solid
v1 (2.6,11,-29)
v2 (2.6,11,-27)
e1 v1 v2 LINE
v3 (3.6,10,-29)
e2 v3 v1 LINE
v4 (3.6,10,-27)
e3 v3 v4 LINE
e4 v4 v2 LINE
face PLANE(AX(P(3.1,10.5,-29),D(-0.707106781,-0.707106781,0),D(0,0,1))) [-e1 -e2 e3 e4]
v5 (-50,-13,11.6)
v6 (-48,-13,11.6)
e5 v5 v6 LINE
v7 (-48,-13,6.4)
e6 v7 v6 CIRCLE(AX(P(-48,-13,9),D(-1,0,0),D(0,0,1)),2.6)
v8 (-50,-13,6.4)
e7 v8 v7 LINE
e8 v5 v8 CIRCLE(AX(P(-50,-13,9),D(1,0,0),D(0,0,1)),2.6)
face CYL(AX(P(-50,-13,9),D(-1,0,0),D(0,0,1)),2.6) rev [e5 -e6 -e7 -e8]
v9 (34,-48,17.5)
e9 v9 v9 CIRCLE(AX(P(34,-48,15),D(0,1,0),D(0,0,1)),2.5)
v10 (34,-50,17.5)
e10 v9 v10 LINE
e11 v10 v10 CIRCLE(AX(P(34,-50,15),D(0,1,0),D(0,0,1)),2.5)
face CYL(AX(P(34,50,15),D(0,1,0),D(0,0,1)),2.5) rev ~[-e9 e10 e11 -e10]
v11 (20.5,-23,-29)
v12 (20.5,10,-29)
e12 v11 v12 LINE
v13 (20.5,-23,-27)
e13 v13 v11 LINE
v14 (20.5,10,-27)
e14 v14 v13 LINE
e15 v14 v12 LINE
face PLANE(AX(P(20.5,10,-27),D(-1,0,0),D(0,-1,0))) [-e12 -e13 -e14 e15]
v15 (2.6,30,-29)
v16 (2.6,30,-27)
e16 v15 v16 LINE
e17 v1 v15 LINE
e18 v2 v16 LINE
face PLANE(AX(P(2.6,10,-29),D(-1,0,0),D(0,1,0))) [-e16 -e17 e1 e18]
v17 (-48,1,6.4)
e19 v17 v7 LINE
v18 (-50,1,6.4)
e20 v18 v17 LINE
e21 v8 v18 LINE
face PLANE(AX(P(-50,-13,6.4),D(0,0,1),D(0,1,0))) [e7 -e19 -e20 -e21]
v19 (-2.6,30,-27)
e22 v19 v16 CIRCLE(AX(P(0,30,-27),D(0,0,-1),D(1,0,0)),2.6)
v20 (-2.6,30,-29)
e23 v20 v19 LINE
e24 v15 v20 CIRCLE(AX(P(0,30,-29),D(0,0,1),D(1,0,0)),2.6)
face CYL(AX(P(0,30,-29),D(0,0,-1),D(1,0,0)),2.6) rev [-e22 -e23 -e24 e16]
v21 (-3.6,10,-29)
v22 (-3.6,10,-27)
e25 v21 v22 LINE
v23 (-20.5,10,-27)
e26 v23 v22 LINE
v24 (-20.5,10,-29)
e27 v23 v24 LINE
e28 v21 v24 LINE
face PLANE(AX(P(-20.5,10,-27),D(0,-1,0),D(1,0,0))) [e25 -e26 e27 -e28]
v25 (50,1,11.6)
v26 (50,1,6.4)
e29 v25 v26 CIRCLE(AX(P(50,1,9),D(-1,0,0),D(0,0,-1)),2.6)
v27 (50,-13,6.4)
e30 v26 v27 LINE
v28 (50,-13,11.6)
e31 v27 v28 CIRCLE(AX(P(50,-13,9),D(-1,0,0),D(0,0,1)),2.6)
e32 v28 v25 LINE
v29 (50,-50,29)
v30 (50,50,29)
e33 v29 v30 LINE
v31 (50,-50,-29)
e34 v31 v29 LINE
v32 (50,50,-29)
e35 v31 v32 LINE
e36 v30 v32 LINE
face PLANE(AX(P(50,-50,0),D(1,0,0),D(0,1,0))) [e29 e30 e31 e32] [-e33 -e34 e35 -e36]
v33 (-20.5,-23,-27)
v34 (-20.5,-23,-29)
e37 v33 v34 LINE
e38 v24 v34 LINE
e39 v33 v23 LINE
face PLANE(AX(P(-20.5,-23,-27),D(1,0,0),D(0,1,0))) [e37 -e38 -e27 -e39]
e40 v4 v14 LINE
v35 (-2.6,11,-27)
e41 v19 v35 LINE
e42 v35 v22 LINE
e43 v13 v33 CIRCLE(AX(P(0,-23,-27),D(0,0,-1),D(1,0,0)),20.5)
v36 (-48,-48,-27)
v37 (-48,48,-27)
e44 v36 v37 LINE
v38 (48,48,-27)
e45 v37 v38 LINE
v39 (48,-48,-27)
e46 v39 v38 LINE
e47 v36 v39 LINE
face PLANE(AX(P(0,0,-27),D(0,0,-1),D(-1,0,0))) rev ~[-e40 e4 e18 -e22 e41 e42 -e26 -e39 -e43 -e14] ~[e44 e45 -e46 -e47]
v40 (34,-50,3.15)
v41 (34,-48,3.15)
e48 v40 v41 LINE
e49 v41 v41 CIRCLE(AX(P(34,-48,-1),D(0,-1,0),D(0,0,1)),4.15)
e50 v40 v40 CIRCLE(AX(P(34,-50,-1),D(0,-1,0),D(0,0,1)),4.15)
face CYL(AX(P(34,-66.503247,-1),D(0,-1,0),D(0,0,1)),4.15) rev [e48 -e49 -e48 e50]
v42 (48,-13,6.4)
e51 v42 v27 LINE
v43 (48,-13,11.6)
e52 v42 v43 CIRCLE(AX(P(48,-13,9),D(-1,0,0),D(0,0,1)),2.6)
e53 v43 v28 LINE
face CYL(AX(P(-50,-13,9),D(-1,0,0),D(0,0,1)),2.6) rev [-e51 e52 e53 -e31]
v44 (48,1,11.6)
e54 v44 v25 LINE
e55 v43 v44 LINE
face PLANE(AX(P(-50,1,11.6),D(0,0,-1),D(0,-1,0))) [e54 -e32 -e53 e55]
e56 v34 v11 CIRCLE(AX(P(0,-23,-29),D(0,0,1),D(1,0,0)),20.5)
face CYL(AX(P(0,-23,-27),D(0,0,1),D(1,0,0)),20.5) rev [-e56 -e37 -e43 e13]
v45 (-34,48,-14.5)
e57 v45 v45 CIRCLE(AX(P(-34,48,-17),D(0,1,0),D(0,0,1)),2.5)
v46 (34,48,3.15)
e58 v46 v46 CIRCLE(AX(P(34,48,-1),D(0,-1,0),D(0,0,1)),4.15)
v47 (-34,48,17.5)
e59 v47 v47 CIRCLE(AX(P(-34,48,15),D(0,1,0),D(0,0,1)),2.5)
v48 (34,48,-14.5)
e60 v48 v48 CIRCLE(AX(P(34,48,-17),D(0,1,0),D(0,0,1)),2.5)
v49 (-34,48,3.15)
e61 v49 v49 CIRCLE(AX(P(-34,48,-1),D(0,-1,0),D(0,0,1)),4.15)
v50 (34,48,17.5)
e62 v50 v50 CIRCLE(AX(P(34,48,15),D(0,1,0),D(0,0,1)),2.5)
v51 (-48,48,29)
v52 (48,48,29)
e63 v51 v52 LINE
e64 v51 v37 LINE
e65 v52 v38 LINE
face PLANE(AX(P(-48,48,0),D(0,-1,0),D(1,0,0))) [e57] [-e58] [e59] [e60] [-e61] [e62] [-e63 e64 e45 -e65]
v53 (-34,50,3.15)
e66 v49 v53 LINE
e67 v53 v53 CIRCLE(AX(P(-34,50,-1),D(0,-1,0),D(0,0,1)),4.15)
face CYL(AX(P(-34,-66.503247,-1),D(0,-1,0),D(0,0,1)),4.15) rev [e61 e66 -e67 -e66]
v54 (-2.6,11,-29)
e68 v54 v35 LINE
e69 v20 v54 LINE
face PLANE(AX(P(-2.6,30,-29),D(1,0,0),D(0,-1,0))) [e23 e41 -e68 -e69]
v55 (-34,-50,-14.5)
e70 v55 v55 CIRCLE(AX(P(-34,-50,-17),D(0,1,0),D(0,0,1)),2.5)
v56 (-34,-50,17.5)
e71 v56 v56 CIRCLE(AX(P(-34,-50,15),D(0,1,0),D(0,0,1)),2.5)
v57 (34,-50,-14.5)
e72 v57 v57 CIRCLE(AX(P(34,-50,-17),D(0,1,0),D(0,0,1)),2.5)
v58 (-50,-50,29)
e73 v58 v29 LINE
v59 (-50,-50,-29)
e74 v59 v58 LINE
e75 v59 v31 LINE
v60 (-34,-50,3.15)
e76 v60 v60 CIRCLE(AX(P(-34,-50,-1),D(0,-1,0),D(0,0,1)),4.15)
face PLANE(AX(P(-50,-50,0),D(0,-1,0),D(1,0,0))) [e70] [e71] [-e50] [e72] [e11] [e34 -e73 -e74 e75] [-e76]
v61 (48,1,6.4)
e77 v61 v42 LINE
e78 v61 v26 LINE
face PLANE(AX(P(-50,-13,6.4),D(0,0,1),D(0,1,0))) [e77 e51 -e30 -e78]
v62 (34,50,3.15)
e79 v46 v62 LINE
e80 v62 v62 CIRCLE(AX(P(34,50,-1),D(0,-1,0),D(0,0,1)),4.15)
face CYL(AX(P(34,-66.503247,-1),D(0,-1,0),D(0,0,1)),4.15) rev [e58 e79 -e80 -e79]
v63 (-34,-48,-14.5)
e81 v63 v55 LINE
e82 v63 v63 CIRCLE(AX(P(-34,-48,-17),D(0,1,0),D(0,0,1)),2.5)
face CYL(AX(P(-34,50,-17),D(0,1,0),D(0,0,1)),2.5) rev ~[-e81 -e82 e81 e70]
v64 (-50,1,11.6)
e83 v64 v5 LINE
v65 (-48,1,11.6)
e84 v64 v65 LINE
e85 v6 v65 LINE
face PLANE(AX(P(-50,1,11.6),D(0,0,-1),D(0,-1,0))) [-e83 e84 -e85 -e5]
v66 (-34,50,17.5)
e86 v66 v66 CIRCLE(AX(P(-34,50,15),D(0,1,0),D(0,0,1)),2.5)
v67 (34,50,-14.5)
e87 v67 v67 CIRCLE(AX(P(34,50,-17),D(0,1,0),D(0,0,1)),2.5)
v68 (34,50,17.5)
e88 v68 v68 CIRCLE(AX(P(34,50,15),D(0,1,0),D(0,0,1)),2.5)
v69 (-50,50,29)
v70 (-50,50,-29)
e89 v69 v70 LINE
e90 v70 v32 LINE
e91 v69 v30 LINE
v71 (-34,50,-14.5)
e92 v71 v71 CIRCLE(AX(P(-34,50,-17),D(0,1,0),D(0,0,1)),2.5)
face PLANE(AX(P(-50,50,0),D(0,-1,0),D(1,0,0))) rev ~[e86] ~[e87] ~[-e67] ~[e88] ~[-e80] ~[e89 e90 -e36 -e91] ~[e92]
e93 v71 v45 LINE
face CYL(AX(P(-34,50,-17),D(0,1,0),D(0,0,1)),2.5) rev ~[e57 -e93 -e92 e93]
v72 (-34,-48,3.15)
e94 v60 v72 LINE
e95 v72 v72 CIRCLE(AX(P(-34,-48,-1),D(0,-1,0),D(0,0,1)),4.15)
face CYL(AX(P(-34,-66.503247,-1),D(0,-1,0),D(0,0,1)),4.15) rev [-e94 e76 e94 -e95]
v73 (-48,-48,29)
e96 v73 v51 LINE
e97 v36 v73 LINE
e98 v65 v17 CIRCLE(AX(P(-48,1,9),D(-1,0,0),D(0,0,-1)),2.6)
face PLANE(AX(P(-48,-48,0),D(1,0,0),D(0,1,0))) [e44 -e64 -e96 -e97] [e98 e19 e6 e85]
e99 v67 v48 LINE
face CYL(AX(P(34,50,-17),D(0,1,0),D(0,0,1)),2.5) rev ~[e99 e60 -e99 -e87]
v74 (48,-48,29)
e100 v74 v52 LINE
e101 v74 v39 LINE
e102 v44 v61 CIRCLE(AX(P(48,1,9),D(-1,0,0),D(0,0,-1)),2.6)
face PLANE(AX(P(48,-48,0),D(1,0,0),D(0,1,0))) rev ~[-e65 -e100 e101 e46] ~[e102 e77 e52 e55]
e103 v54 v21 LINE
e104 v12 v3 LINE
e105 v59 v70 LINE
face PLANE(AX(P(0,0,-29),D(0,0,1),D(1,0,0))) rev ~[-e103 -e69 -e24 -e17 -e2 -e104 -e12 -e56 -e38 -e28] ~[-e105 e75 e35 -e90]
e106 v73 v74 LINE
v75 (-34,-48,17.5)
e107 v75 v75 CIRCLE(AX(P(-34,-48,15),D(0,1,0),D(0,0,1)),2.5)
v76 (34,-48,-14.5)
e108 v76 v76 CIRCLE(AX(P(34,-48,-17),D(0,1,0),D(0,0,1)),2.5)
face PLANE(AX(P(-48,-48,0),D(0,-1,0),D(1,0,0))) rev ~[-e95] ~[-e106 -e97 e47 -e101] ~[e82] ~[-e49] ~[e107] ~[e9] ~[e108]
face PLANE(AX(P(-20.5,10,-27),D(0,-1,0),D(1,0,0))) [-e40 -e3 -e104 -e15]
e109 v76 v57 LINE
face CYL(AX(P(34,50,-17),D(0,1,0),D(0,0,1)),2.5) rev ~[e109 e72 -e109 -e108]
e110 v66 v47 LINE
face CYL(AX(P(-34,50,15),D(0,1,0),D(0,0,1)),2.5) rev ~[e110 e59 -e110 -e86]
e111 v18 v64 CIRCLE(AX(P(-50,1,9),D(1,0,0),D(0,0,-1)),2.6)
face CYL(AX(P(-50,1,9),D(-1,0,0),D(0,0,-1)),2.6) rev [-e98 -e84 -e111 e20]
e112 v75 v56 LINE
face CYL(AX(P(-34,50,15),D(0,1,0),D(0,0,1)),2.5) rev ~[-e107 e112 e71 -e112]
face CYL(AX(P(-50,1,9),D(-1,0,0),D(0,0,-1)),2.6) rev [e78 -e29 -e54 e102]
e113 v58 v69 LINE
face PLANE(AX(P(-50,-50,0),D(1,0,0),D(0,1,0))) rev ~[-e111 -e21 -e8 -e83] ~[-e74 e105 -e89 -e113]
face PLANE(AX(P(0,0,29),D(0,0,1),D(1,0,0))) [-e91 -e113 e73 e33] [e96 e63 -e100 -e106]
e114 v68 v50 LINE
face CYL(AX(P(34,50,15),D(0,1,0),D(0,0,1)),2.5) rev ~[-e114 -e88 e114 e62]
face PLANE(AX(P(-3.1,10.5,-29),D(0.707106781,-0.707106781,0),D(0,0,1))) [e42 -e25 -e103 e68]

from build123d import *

# Parameters (mm, degrees)
SKETCH1_W               = 100
SKETCH1_H               = 100
SKETCH1_W_2             = 96
SKETCH1_H_2             = 96
EXTRUDE_THIN1_DEPTH     = 29
SKETCH2_W               = 100
SKETCH2_H               = 100
BOSS_EXTRUDE1_DEPTH     = 2
CUT_EXTRUDE1_REACH      = 92.2
CUT_EXTRUDE2_DEPTH      = 160
CUT_EXTRUDE3_DEPTH      = 160
CHAMFER1_SIZE           = 1
CUT_EXTRUDE4_DEPTH      = 116.503246708
CUT_EXTRUDE4_DEPTH_BACK = 116.503246708
SKETCH7_R               = 4.15
SKETCH8_R               = 2.5
CUT_EXTRUDE5_DEPTH      = 177


with BuildPart() as part:
    # Sketch1 → Extrude-Thin1 (new, symmetric)
    with BuildSketch(Plane.XY):
        Rectangle(SKETCH1_W, SKETCH1_H)
        Rectangle(SKETCH1_W_2, SKETCH1_H_2, mode=Mode.SUBTRACT)
    extrude(amount=EXTRUDE_THIN1_DEPTH, both=True)

    # Sketch2 → Boss-Extrude1 (add)
    with BuildSketch(Plane(origin=(0, 0, -29), x_dir=(-1, 0, 0), z_dir=(0, 0, -1))):
        Rectangle(SKETCH2_W, SKETCH2_H)
    extrude(amount=-BOSS_EXTRUDE1_DEPTH)

    # Sketch3 → Cut-Extrude1 (cut, up to next)
    with BuildSketch(Plane.XY.offset(-27), mode=Mode.PRIVATE) as cut_extrude1_sk1:
        with BuildLine():
            Line((-20.5, -23), (-20.5, 10))
            Line((-20.5, 10), (20.5, 10))
            Line((20.5, 10), (20.5, -23))
            ThreePointArc((20.5, -23), (0, -43.5), (-20.5, -23))
        make_face()
    cut_extrude1_tool1 = extrude(cut_extrude1_sk1.sketch, amount=-CUT_EXTRUDE1_REACH, mode=Mode.PRIVATE) & part.part
    add(cut_extrude1_tool1.solids().sort_by_distance((0, -14.763519, -27))[0], mode=Mode.SUBTRACT)

    # Sketch4 → Cut-Extrude2 (cut)
    with BuildSketch(Plane.ZY.offset(50)):
        with BuildLine():
            Line((11.6, 1), (11.6, -13))
            ThreePointArc((11.6, -13), (9, -15.6), (6.4, -13))
            Line((6.4, -13), (6.4, 1))
            ThreePointArc((6.4, 1), (9, 3.6), (11.6, 1))
        make_face()
    extrude(amount=-CUT_EXTRUDE2_DEPTH, mode=Mode.SUBTRACT)

    # Sketch6 → Cut-Extrude3 (cut)
    with BuildSketch(Plane(origin=(0, 0, -29), x_dir=(-1, 0, 0), z_dir=(0, 0, -1))):
        with BuildLine():
            Line((-2.6, 10), (-2.6, 30))
            ThreePointArc((-2.6, 30), (0, 32.6), (2.6, 30))
            Line((2.6, 30), (2.6, 10))
            ThreePointArc((2.6, 10), (0, 7.4), (-2.6, 10))
        make_face()
    extrude(amount=-CUT_EXTRUDE3_DEPTH, mode=Mode.SUBTRACT)

    # Chamfer1
    chamfer1_edges = [part.edges().sort_by_distance(p)[0] for p in [
        (-2.6, 10, -28),
        (2.6, 10, -28),
    ]]
    chamfer(chamfer1_edges, length=CHAMFER1_SIZE)

    # Sketch7 → Cut-Extrude4 (cut, two sides: drawn at the far end of the back side and taken through both)
    with BuildSketch(Plane(origin=(0, 50, 0), x_dir=(1, 0, 0), z_dir=(0, 1, 0)).offset(-CUT_EXTRUDE4_DEPTH_BACK)):
        with Locations(Location((-34, 1, 0), (0, 0, 270))):
            Circle(SKETCH7_R)
        with Locations(Location((34, 1, 0), (0, 0, 270))):
            Circle(SKETCH7_R)
    extrude(amount=CUT_EXTRUDE4_DEPTH + CUT_EXTRUDE4_DEPTH_BACK, mode=Mode.SUBTRACT)

    # Sketch8 → Cut-Extrude5 (cut)
    with BuildSketch(Plane(origin=(0, 50, 0), x_dir=(1, 0, 0), z_dir=(0, 1, 0))):
        with Locations(Location((-34, 17, 0), (0, 0, 270))):
            Circle(SKETCH8_R)
        with Locations(Location((-34, -15, 0), (0, 0, 270))):
            Circle(SKETCH8_R)
        with Locations(Location((34, 17, 0), (0, 0, 270))):
            Circle(SKETCH8_R)
        with Locations(Location((34, -15, 0), (0, 0, 270))):
            Circle(SKETCH8_R)
    extrude(amount=-CUT_EXTRUDE5_DEPTH, mode=Mode.SUBTRACT)


solid = part.part
